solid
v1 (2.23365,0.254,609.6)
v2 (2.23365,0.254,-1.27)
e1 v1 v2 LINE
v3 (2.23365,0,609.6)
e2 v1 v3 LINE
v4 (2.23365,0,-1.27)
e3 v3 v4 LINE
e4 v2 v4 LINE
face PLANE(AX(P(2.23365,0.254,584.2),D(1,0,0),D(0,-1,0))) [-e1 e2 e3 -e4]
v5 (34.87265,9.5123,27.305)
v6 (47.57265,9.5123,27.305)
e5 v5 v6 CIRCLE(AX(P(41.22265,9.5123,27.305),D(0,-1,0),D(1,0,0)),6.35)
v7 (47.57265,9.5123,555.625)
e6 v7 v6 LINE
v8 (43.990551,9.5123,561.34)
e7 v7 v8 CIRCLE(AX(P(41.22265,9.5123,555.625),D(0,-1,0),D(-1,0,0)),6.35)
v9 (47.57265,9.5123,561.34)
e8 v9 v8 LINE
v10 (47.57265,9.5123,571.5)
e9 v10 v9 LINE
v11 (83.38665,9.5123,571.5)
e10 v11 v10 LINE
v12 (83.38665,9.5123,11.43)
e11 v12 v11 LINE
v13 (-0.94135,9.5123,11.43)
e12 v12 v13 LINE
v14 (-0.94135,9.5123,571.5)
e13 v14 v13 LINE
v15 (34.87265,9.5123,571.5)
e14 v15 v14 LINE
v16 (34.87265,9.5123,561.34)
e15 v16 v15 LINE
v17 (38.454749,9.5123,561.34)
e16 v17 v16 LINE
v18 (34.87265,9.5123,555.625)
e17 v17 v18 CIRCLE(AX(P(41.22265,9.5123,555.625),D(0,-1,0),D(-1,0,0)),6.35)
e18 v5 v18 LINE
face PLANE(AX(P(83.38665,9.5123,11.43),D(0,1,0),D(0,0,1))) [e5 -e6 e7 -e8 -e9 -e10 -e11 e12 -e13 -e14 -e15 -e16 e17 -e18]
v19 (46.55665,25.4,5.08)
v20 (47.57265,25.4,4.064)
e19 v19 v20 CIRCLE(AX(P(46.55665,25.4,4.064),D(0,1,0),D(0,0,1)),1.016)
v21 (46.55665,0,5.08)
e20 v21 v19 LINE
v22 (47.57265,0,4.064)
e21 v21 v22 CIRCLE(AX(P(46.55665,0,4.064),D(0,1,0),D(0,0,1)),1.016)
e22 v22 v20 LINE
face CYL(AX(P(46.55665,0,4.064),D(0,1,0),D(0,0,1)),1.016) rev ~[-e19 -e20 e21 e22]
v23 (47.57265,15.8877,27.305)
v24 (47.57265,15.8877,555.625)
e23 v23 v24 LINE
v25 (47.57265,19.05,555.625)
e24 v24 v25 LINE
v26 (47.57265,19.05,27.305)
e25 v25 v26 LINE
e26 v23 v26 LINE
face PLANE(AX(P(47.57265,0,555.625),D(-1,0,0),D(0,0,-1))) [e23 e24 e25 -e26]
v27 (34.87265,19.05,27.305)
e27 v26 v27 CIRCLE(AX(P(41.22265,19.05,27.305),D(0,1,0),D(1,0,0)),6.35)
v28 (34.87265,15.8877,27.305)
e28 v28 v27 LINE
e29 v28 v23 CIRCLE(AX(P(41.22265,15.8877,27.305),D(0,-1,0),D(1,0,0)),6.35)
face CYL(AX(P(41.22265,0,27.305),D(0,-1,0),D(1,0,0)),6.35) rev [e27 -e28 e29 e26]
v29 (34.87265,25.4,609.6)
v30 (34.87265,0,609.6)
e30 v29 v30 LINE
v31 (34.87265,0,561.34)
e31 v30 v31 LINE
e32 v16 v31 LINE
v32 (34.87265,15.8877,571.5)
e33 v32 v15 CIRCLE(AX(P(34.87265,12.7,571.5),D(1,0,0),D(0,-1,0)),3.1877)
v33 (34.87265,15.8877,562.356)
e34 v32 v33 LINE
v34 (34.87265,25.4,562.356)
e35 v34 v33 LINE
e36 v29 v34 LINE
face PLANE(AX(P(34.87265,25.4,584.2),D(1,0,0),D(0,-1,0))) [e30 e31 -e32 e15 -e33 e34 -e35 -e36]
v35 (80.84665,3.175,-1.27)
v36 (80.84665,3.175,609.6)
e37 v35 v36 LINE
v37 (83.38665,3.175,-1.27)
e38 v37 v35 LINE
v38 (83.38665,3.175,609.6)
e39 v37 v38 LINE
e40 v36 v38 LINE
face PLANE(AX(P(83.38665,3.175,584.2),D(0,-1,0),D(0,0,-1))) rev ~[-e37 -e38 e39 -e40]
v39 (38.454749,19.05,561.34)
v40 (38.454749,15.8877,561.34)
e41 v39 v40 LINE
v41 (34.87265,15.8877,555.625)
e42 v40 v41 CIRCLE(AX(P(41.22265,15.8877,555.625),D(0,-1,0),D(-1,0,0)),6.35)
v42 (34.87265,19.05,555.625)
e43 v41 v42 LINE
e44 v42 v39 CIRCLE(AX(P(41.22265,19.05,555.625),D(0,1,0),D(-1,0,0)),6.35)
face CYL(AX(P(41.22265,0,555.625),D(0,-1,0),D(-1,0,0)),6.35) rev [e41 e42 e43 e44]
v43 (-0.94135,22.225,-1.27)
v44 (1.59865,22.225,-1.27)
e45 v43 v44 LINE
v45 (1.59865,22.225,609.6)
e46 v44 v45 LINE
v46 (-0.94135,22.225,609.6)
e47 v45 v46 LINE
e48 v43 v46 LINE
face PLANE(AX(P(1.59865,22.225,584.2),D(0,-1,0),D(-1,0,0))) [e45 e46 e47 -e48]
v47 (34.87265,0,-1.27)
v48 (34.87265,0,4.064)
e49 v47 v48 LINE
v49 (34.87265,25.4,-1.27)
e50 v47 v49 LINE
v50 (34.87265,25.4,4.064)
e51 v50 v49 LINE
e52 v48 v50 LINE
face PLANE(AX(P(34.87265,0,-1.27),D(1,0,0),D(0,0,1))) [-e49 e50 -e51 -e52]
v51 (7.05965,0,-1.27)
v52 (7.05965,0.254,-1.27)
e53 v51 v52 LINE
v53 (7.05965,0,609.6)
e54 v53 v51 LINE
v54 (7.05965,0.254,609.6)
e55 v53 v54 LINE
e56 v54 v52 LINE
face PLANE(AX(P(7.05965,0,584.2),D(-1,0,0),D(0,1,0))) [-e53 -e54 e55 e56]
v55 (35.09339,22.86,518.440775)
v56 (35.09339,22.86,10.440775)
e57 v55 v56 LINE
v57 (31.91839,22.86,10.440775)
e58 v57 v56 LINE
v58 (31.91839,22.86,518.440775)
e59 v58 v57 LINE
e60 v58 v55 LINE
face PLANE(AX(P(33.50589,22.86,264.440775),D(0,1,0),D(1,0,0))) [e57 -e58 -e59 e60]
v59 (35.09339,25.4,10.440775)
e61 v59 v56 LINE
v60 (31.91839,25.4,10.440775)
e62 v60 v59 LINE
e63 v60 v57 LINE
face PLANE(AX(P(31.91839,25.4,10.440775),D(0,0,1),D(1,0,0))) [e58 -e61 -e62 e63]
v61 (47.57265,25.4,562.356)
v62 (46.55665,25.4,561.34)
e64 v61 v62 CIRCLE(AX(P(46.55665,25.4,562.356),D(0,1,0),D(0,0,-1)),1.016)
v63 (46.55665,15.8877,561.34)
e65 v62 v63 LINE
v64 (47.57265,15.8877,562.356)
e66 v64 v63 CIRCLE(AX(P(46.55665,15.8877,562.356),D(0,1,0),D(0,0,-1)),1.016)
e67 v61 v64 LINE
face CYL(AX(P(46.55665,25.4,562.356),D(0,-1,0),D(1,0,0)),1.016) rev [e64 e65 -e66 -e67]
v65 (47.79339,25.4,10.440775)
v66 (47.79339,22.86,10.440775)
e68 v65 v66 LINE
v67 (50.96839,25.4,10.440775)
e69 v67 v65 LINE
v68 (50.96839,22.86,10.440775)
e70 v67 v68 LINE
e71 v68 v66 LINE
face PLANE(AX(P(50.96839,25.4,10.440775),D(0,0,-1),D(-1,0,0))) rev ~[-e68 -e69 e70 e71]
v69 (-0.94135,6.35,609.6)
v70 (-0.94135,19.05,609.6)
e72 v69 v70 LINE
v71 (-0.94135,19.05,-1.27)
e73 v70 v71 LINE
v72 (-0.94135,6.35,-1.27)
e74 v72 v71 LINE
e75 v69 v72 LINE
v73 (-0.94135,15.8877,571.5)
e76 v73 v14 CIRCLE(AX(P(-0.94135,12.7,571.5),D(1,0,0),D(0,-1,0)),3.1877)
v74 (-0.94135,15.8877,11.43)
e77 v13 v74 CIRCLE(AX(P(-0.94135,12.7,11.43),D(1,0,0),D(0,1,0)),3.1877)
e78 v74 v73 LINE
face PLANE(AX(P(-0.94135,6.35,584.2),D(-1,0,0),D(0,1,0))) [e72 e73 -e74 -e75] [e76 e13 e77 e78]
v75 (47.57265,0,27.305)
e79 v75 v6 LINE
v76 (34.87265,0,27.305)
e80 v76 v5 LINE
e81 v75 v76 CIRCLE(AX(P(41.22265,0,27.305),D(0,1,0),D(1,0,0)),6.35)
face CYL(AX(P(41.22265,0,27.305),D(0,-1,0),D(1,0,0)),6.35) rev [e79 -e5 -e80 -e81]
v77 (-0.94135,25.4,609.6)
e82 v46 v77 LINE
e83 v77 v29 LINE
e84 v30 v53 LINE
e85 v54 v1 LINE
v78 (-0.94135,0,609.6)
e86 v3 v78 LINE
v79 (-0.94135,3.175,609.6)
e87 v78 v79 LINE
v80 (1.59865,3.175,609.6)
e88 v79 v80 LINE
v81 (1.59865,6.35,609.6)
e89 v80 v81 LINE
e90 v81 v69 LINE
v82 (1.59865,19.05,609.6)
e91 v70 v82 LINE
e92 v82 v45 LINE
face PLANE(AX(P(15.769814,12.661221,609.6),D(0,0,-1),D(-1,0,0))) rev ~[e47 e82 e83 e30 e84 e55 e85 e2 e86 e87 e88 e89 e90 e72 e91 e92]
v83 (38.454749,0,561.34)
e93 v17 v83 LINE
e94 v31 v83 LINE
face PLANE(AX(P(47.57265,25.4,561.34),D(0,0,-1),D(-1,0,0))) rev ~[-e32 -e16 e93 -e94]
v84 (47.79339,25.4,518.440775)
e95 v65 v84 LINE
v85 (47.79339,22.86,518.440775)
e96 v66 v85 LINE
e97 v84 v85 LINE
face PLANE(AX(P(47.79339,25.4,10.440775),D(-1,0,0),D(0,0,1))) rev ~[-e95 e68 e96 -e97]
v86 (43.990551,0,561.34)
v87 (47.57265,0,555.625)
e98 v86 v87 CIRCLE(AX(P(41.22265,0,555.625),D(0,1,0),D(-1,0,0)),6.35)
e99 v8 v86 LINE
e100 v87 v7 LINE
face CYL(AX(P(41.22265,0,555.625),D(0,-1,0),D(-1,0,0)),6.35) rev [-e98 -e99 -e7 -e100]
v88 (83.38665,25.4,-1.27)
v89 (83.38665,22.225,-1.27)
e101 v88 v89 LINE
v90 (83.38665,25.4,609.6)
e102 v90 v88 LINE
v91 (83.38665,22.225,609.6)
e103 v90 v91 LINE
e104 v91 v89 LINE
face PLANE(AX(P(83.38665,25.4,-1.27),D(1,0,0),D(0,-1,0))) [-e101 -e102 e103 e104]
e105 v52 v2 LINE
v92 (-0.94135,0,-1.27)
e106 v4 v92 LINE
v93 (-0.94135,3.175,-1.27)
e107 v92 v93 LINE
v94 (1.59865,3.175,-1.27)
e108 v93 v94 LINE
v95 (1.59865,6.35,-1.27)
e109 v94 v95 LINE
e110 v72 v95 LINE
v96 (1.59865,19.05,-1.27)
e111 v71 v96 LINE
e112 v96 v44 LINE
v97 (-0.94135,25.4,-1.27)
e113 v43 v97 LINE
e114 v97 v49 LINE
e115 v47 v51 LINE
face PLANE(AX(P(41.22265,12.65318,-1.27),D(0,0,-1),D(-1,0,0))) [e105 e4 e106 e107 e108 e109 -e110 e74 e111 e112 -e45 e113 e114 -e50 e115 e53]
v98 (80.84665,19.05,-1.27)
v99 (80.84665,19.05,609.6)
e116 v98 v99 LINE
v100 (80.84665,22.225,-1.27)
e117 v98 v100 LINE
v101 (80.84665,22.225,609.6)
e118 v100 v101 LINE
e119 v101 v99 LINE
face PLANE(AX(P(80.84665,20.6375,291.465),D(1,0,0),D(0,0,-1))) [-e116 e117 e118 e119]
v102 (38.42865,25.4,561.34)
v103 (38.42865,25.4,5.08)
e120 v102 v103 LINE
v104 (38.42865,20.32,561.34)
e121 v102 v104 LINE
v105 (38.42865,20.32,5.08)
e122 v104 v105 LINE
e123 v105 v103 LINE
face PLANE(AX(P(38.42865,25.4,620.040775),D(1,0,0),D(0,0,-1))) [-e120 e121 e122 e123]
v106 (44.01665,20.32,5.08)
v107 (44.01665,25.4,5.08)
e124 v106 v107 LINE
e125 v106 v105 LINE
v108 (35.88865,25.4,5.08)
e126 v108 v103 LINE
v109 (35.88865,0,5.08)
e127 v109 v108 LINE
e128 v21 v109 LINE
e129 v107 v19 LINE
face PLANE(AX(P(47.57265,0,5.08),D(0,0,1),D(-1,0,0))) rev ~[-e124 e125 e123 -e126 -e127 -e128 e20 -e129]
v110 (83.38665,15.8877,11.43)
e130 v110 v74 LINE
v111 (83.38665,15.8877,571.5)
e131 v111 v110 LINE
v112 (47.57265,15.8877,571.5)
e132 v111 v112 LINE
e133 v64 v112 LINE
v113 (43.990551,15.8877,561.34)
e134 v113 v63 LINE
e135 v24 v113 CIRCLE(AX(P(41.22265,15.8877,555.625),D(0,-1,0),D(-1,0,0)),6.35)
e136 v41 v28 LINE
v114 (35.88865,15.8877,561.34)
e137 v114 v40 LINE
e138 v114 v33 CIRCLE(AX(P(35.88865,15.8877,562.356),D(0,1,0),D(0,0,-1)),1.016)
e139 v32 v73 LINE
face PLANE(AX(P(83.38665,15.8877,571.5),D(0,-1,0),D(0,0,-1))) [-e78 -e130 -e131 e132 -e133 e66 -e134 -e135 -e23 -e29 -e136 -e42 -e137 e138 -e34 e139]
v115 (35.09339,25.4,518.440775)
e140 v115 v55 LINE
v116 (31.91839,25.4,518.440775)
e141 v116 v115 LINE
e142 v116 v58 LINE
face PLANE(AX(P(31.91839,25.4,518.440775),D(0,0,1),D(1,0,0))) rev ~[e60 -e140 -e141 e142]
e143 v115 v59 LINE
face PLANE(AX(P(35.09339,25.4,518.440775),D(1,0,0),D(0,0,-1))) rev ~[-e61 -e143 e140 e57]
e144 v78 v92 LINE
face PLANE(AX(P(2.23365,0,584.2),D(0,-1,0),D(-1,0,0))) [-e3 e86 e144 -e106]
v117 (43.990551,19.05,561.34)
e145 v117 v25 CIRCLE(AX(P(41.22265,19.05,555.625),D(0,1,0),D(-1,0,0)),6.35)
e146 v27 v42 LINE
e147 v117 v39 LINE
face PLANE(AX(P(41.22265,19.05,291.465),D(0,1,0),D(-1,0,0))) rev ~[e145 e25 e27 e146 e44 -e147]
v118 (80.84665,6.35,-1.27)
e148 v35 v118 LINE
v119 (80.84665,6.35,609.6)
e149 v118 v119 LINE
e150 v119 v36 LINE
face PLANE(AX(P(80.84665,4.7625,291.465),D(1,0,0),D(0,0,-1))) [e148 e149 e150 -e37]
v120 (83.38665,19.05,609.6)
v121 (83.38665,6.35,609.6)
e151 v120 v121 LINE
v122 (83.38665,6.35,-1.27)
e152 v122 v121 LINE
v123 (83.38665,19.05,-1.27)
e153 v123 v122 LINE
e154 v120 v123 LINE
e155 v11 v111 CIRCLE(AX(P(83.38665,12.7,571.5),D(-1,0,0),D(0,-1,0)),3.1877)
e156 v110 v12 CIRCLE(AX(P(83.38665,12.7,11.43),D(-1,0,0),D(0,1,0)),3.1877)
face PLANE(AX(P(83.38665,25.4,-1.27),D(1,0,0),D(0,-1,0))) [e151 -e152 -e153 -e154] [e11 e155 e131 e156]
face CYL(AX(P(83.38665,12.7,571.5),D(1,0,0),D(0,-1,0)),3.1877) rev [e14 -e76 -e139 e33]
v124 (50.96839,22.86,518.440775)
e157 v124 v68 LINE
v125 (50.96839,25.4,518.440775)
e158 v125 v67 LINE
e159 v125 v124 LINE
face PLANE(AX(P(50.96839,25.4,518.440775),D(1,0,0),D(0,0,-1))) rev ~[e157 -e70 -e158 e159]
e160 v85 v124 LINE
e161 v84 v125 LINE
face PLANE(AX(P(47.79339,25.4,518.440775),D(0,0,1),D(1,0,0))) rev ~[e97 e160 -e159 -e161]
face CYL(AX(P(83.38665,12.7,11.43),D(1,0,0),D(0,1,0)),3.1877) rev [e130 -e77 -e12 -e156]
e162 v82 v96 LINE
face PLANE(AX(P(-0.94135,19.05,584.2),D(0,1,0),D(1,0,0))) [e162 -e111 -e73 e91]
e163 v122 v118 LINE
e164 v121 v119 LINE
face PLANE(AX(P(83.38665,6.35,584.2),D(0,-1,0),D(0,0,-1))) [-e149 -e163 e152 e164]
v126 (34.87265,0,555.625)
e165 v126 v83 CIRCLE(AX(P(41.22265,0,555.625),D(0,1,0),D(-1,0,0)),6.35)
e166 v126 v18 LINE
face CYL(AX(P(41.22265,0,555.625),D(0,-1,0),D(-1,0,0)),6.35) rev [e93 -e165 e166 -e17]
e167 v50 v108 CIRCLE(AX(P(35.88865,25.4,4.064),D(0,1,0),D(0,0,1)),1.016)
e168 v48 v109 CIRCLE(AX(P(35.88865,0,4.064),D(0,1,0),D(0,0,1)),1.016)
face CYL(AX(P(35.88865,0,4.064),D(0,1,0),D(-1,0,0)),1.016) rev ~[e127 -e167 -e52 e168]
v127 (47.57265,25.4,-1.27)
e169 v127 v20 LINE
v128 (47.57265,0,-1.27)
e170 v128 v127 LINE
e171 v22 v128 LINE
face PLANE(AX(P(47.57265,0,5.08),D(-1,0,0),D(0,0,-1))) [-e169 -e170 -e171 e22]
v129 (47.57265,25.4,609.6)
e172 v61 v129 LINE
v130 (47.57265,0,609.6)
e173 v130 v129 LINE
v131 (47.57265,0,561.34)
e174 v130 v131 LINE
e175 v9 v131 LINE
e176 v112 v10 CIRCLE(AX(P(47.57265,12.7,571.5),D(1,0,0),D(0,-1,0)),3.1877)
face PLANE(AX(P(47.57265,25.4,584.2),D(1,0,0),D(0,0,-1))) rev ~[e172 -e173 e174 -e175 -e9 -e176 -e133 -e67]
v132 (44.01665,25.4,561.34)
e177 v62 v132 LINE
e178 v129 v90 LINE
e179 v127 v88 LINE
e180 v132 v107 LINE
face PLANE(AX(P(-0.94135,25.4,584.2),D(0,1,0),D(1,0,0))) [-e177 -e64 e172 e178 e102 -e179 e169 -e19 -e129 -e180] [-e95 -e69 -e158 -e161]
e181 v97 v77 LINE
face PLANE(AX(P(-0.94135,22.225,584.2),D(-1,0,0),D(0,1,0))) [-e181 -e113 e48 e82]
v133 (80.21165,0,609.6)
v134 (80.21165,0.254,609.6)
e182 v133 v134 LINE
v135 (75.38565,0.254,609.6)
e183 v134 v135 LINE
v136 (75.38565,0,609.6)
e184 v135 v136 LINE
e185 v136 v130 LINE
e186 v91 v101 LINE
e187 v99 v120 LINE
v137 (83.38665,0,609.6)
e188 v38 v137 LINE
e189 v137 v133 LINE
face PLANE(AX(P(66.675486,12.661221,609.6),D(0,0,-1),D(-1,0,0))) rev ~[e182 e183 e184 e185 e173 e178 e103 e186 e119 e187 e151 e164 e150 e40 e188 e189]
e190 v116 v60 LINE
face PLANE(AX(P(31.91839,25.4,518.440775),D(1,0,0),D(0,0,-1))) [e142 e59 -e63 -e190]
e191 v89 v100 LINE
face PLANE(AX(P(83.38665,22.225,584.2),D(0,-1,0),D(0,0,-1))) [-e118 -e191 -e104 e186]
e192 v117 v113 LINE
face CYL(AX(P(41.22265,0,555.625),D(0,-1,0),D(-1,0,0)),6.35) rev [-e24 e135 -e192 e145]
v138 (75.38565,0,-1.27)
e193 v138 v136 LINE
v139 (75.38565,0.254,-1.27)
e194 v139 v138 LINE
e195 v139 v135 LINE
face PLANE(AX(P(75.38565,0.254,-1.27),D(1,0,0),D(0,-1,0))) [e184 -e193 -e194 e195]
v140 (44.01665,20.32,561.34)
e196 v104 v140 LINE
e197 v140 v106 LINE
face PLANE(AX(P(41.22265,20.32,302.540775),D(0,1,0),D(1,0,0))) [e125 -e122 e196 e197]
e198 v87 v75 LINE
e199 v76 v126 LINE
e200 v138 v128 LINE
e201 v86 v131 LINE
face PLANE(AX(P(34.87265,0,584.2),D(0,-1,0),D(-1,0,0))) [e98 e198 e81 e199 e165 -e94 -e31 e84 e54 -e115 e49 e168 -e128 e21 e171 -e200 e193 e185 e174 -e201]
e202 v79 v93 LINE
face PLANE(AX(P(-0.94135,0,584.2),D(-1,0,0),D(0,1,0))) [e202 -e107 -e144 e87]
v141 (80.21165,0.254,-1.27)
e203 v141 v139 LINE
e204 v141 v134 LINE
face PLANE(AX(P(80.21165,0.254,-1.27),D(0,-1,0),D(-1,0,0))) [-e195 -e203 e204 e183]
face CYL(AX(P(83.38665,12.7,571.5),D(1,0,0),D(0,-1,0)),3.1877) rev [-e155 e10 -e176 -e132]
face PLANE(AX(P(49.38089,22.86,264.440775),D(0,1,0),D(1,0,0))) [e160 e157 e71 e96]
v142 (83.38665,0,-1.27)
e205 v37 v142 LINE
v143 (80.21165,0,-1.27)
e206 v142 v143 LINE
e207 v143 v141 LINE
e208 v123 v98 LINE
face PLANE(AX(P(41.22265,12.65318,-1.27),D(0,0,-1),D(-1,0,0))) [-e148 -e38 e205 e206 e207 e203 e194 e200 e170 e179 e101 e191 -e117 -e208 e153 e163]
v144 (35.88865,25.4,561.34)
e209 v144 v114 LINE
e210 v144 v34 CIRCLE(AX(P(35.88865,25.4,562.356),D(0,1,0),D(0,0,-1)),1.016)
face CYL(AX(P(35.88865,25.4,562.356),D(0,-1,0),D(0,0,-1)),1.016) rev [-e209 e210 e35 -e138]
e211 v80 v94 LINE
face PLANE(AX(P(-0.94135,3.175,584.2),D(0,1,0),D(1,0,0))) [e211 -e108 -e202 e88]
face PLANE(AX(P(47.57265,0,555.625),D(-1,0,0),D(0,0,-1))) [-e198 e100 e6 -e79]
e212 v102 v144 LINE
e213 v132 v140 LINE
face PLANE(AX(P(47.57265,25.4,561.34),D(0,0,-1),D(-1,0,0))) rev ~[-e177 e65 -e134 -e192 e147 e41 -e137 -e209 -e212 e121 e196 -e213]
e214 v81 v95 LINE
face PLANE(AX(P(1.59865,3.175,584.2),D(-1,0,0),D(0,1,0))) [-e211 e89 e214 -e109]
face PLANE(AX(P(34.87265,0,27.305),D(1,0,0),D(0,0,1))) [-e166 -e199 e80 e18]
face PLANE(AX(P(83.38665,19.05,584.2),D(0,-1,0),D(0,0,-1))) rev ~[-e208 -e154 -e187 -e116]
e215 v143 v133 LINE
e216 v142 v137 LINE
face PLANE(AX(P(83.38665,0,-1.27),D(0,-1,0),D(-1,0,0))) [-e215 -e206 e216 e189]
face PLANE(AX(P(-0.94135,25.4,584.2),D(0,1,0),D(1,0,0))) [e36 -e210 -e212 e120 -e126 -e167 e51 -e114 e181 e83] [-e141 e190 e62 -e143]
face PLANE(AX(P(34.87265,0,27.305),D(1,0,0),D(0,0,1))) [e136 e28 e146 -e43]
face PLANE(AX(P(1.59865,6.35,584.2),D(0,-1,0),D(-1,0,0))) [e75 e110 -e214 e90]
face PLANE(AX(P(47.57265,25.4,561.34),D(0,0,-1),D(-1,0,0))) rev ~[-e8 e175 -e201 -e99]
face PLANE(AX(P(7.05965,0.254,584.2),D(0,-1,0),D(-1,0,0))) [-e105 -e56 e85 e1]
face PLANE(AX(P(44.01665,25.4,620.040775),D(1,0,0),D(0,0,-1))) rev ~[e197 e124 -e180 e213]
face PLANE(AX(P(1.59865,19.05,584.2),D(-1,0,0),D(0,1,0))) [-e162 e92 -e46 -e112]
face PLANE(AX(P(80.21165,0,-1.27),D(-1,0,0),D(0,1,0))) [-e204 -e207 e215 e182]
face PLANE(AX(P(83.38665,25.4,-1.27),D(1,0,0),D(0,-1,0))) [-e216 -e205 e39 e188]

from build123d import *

# Parameters (mm, degrees)
BOSS_EXTRUDE1_DEPTH      = 584.2
BOSS_EXTRUDE1_DEPTH_BACK = 1.27
CUT_EXTRUDE1_DEPTH       = 19.05
SKETCH3_W                = 585.47
SKETCH3_H                = 3.175
CUT_EXTRUDE2_DEPTH       = 2.54
SKETCH4_W                = 585.47
SKETCH4_H                = 3.175
CUT_EXTRUDE3_DEPTH       = 2.54
SKETCH5_W                = 585.47
SKETCH5_H                = 3.175
CUT_EXTRUDE4_DEPTH       = 2.54
SKETCH6_W                = 585.47
SKETCH6_H                = 3.175
CUT_EXTRUDE5_DEPTH       = 2.54
CUT_EXTRUDE6_DEPTH       = 591.801160784
CUT_EXTRUDE8_DEPTH       = 591.667532064
FILLET4_R                = 1.016
CUT_EXTRUDE9_DEPTH       = 591.667532064
FILLET5_R                = 1.016
SKETCH12_W               = 3.175
SKETCH12_H               = 508
CUT_EXTRUDE10_DEPTH      = 2.54
BOSS_EXTRUDE3_DEPTH      = 25.4
SKETCH13_W               = 5.588
SKETCH13_H               = 635
CUT_EXTRUDE11_DEPTH      = 5.08


with BuildPart() as part:
    # Sketch1 → Boss-Extrude1 (new, two sides: drawn at the far end of the back side and taken through both)
    with BuildSketch(Plane.XY.offset(-BOSS_EXTRUDE1_DEPTH_BACK)):
        Polygon((83.386650215, 0), (80.211650215, 0), (80.211650215, 0.254), (75.385650215, 0.254), (75.385650215, 0), (7.059650215, 0), (7.059650215, 0.254), (2.233650215, 0.254), (2.233650215, 0), (-0.941349785, 0), (-0.941349785, 25.4), (83.386650215, 25.4), align=None)
    extrude(amount=BOSS_EXTRUDE1_DEPTH + BOSS_EXTRUDE1_DEPTH_BACK)

    # Sketch2 → Cut-Extrude1 (cut)
    with BuildSketch(Plane.XZ):
        with BuildLine():
            Line((34.872650215, 27.305), (34.872650215, 555.625))
            ThreePointArc((34.872650215, 555.625), (41.222650215, 561.975), (47.572650215, 555.625))
            Line((47.572650215, 555.625), (47.572650215, 27.305))
            ThreePointArc((47.572650215, 27.305), (41.222650215, 20.955), (34.872650215, 27.305))
        make_face()
    extrude(amount=-CUT_EXTRUDE1_DEPTH, mode=Mode.SUBTRACT)

    # Sketch3 → Cut-Extrude2 (cut)
    with BuildSketch(Plane(origin=(83.386650215, 0, 0), x_dir=(0, 0, -1), z_dir=(1, 0, 0))):
        with Locations((-291.465, 20.6375)):
            Rectangle(SKETCH3_W, SKETCH3_H)
    extrude(amount=-CUT_EXTRUDE2_DEPTH, mode=Mode.SUBTRACT)

    # Sketch4 → Cut-Extrude3 (cut)
    with BuildSketch(Plane(origin=(83.386650215, 0, 0), x_dir=(0, 0, -1), z_dir=(1, 0, 0))):
        with Locations((-291.465, 4.7625)):
            Rectangle(SKETCH4_W, SKETCH4_H)
    extrude(amount=-CUT_EXTRUDE3_DEPTH, mode=Mode.SUBTRACT)

    # Sketch5 → Cut-Extrude4 (cut)
    with BuildSketch(Plane.ZY.offset(0.941349785)):
        with Locations((291.465, 4.7625)):
            Rectangle(SKETCH5_W, SKETCH5_H)
    extrude(amount=-CUT_EXTRUDE4_DEPTH, mode=Mode.SUBTRACT)

    # Sketch6 → Cut-Extrude5 (cut)
    with BuildSketch(Plane.ZY.offset(0.941349785)):
        with Locations((291.465, 20.6375)):
            Rectangle(SKETCH6_W, SKETCH6_H)
    extrude(amount=-CUT_EXTRUDE5_DEPTH, mode=Mode.SUBTRACT)

    # Sketch7 → Cut-Extrude6 (cut, through all)
    with BuildSketch(Plane(origin=(83.386650215, 0, 0), x_dir=(0, 0, -1), z_dir=(1, 0, 0))):
        with BuildLine():
            Line((-11.43, 9.5123), (-571.5, 9.5123))
            ThreePointArc((-571.5, 9.5123), (-574.6877, 12.7), (-571.5, 15.8877))
            Line((-571.5, 15.8877), (-11.43, 15.8877))
            ThreePointArc((-11.43, 15.8877), (-8.2423, 12.7), (-11.43, 9.5123))
        make_face()
    extrude(amount=-CUT_EXTRUDE6_DEPTH, mode=Mode.SUBTRACT)

    # Sketch10 → Cut-Extrude8 (cut, through all)
    with BuildSketch(Plane(origin=(0, 25.4, 0), x_dir=(1, 0, 0), z_dir=(0, 1, 0))):
        Polygon((41.222650215, -584.2), (47.572650215, -584.2), (47.572650215, -561.34), (34.872650215, -561.34), (34.872650215, -584.2), align=None)
    extrude(amount=-CUT_EXTRUDE8_DEPTH, mode=Mode.SUBTRACT)

    # Fillet4
    fillet4_edges = [part.edges().sort_by_distance(p)[0] for p in [
        (47.572650215, 20.64385, 561.34),
        (34.872650215, 20.64385, 561.34),
    ]]
    fillet(fillet4_edges, radius=FILLET4_R)

    # Sketch9 → Cut-Extrude9 (cut, through all)
    with BuildSketch(Plane.XZ):
        Polygon((47.572650215, -1.27), (34.872650215, -1.27), (34.872650215, 5.08), (41.222650215, 5.08), (47.572650215, 5.08), align=None)
    extrude(amount=-CUT_EXTRUDE9_DEPTH, mode=Mode.SUBTRACT)

    # Fillet5
    fillet5_edges = [part.edges().sort_by_distance(p)[0] for p in [
        (47.572650215, 12.7, 5.08),
        (34.872650215, 12.7, 5.08),
    ]]
    fillet(fillet5_edges, radius=FILLET5_R)

    # Sketch12 → Cut-Extrude10 (cut)
    with BuildSketch(Plane(origin=(0, 25.4, 0), x_dir=(1, 0, 0), z_dir=(0, 1, 0))):
        with Locations((33.505889839, -264.440775348)):
            Rectangle(SKETCH12_W, SKETCH12_H)
        Polygon((47.793389839, -10.440775348), (47.793389839, -13.508701224), (47.793389839, -20.346727485), (47.793389839, -518.440775348), (50.968389839, -518.440775348), (50.968389839, -10.440775348), align=None)
    extrude(amount=-CUT_EXTRUDE10_DEPTH, mode=Mode.SUBTRACT)

    # Sketch15 → Boss-Extrude3 (add)
    with BuildSketch(Plane.XY.offset(584.2)):
        Polygon((-0.941349785, 25.4), (34.872650215, 25.4), (34.872650215, 0), (7.059650215, 0), (7.059650215, 0.254), (2.233650215, 0.254), (2.233650215, 0), (-0.941349785, 0), (-0.941349785, 3.175), (1.598650215, 3.175), (1.598650215, 6.35), (-0.941349785, 6.35), (-0.941349785, 19.05), (1.598650215, 19.05), (1.598650215, 22.225), (-0.941349785, 22.225), align=None)
        Polygon((47.572650215, 0), (47.572650215, 25.4), (83.386650215, 25.4), (83.386650215, 22.225), (80.846650215, 22.225), (80.846650215, 19.05), (83.386650215, 19.05), (83.386650215, 6.35), (80.846650215, 6.35), (80.846650215, 3.175), (83.386650215, 3.175), (83.386650215, 0), (80.211650215, 0), (80.211650215, 0.254), (75.385650215, 0.254), (75.385650215, 0), align=None)
    extrude(amount=BOSS_EXTRUDE3_DEPTH)

    # Sketch13 → Cut-Extrude11 (cut)
    with BuildSketch(Plane(origin=(0, 25.4, 0), x_dir=(1, 0, 0), z_dir=(0, 1, 0))):
        with Locations((41.222650215, -302.540775348)):
            Rectangle(SKETCH13_W, SKETCH13_H)
    extrude(amount=-CUT_EXTRUDE11_DEPTH, mode=Mode.SUBTRACT)


solid = part.part
